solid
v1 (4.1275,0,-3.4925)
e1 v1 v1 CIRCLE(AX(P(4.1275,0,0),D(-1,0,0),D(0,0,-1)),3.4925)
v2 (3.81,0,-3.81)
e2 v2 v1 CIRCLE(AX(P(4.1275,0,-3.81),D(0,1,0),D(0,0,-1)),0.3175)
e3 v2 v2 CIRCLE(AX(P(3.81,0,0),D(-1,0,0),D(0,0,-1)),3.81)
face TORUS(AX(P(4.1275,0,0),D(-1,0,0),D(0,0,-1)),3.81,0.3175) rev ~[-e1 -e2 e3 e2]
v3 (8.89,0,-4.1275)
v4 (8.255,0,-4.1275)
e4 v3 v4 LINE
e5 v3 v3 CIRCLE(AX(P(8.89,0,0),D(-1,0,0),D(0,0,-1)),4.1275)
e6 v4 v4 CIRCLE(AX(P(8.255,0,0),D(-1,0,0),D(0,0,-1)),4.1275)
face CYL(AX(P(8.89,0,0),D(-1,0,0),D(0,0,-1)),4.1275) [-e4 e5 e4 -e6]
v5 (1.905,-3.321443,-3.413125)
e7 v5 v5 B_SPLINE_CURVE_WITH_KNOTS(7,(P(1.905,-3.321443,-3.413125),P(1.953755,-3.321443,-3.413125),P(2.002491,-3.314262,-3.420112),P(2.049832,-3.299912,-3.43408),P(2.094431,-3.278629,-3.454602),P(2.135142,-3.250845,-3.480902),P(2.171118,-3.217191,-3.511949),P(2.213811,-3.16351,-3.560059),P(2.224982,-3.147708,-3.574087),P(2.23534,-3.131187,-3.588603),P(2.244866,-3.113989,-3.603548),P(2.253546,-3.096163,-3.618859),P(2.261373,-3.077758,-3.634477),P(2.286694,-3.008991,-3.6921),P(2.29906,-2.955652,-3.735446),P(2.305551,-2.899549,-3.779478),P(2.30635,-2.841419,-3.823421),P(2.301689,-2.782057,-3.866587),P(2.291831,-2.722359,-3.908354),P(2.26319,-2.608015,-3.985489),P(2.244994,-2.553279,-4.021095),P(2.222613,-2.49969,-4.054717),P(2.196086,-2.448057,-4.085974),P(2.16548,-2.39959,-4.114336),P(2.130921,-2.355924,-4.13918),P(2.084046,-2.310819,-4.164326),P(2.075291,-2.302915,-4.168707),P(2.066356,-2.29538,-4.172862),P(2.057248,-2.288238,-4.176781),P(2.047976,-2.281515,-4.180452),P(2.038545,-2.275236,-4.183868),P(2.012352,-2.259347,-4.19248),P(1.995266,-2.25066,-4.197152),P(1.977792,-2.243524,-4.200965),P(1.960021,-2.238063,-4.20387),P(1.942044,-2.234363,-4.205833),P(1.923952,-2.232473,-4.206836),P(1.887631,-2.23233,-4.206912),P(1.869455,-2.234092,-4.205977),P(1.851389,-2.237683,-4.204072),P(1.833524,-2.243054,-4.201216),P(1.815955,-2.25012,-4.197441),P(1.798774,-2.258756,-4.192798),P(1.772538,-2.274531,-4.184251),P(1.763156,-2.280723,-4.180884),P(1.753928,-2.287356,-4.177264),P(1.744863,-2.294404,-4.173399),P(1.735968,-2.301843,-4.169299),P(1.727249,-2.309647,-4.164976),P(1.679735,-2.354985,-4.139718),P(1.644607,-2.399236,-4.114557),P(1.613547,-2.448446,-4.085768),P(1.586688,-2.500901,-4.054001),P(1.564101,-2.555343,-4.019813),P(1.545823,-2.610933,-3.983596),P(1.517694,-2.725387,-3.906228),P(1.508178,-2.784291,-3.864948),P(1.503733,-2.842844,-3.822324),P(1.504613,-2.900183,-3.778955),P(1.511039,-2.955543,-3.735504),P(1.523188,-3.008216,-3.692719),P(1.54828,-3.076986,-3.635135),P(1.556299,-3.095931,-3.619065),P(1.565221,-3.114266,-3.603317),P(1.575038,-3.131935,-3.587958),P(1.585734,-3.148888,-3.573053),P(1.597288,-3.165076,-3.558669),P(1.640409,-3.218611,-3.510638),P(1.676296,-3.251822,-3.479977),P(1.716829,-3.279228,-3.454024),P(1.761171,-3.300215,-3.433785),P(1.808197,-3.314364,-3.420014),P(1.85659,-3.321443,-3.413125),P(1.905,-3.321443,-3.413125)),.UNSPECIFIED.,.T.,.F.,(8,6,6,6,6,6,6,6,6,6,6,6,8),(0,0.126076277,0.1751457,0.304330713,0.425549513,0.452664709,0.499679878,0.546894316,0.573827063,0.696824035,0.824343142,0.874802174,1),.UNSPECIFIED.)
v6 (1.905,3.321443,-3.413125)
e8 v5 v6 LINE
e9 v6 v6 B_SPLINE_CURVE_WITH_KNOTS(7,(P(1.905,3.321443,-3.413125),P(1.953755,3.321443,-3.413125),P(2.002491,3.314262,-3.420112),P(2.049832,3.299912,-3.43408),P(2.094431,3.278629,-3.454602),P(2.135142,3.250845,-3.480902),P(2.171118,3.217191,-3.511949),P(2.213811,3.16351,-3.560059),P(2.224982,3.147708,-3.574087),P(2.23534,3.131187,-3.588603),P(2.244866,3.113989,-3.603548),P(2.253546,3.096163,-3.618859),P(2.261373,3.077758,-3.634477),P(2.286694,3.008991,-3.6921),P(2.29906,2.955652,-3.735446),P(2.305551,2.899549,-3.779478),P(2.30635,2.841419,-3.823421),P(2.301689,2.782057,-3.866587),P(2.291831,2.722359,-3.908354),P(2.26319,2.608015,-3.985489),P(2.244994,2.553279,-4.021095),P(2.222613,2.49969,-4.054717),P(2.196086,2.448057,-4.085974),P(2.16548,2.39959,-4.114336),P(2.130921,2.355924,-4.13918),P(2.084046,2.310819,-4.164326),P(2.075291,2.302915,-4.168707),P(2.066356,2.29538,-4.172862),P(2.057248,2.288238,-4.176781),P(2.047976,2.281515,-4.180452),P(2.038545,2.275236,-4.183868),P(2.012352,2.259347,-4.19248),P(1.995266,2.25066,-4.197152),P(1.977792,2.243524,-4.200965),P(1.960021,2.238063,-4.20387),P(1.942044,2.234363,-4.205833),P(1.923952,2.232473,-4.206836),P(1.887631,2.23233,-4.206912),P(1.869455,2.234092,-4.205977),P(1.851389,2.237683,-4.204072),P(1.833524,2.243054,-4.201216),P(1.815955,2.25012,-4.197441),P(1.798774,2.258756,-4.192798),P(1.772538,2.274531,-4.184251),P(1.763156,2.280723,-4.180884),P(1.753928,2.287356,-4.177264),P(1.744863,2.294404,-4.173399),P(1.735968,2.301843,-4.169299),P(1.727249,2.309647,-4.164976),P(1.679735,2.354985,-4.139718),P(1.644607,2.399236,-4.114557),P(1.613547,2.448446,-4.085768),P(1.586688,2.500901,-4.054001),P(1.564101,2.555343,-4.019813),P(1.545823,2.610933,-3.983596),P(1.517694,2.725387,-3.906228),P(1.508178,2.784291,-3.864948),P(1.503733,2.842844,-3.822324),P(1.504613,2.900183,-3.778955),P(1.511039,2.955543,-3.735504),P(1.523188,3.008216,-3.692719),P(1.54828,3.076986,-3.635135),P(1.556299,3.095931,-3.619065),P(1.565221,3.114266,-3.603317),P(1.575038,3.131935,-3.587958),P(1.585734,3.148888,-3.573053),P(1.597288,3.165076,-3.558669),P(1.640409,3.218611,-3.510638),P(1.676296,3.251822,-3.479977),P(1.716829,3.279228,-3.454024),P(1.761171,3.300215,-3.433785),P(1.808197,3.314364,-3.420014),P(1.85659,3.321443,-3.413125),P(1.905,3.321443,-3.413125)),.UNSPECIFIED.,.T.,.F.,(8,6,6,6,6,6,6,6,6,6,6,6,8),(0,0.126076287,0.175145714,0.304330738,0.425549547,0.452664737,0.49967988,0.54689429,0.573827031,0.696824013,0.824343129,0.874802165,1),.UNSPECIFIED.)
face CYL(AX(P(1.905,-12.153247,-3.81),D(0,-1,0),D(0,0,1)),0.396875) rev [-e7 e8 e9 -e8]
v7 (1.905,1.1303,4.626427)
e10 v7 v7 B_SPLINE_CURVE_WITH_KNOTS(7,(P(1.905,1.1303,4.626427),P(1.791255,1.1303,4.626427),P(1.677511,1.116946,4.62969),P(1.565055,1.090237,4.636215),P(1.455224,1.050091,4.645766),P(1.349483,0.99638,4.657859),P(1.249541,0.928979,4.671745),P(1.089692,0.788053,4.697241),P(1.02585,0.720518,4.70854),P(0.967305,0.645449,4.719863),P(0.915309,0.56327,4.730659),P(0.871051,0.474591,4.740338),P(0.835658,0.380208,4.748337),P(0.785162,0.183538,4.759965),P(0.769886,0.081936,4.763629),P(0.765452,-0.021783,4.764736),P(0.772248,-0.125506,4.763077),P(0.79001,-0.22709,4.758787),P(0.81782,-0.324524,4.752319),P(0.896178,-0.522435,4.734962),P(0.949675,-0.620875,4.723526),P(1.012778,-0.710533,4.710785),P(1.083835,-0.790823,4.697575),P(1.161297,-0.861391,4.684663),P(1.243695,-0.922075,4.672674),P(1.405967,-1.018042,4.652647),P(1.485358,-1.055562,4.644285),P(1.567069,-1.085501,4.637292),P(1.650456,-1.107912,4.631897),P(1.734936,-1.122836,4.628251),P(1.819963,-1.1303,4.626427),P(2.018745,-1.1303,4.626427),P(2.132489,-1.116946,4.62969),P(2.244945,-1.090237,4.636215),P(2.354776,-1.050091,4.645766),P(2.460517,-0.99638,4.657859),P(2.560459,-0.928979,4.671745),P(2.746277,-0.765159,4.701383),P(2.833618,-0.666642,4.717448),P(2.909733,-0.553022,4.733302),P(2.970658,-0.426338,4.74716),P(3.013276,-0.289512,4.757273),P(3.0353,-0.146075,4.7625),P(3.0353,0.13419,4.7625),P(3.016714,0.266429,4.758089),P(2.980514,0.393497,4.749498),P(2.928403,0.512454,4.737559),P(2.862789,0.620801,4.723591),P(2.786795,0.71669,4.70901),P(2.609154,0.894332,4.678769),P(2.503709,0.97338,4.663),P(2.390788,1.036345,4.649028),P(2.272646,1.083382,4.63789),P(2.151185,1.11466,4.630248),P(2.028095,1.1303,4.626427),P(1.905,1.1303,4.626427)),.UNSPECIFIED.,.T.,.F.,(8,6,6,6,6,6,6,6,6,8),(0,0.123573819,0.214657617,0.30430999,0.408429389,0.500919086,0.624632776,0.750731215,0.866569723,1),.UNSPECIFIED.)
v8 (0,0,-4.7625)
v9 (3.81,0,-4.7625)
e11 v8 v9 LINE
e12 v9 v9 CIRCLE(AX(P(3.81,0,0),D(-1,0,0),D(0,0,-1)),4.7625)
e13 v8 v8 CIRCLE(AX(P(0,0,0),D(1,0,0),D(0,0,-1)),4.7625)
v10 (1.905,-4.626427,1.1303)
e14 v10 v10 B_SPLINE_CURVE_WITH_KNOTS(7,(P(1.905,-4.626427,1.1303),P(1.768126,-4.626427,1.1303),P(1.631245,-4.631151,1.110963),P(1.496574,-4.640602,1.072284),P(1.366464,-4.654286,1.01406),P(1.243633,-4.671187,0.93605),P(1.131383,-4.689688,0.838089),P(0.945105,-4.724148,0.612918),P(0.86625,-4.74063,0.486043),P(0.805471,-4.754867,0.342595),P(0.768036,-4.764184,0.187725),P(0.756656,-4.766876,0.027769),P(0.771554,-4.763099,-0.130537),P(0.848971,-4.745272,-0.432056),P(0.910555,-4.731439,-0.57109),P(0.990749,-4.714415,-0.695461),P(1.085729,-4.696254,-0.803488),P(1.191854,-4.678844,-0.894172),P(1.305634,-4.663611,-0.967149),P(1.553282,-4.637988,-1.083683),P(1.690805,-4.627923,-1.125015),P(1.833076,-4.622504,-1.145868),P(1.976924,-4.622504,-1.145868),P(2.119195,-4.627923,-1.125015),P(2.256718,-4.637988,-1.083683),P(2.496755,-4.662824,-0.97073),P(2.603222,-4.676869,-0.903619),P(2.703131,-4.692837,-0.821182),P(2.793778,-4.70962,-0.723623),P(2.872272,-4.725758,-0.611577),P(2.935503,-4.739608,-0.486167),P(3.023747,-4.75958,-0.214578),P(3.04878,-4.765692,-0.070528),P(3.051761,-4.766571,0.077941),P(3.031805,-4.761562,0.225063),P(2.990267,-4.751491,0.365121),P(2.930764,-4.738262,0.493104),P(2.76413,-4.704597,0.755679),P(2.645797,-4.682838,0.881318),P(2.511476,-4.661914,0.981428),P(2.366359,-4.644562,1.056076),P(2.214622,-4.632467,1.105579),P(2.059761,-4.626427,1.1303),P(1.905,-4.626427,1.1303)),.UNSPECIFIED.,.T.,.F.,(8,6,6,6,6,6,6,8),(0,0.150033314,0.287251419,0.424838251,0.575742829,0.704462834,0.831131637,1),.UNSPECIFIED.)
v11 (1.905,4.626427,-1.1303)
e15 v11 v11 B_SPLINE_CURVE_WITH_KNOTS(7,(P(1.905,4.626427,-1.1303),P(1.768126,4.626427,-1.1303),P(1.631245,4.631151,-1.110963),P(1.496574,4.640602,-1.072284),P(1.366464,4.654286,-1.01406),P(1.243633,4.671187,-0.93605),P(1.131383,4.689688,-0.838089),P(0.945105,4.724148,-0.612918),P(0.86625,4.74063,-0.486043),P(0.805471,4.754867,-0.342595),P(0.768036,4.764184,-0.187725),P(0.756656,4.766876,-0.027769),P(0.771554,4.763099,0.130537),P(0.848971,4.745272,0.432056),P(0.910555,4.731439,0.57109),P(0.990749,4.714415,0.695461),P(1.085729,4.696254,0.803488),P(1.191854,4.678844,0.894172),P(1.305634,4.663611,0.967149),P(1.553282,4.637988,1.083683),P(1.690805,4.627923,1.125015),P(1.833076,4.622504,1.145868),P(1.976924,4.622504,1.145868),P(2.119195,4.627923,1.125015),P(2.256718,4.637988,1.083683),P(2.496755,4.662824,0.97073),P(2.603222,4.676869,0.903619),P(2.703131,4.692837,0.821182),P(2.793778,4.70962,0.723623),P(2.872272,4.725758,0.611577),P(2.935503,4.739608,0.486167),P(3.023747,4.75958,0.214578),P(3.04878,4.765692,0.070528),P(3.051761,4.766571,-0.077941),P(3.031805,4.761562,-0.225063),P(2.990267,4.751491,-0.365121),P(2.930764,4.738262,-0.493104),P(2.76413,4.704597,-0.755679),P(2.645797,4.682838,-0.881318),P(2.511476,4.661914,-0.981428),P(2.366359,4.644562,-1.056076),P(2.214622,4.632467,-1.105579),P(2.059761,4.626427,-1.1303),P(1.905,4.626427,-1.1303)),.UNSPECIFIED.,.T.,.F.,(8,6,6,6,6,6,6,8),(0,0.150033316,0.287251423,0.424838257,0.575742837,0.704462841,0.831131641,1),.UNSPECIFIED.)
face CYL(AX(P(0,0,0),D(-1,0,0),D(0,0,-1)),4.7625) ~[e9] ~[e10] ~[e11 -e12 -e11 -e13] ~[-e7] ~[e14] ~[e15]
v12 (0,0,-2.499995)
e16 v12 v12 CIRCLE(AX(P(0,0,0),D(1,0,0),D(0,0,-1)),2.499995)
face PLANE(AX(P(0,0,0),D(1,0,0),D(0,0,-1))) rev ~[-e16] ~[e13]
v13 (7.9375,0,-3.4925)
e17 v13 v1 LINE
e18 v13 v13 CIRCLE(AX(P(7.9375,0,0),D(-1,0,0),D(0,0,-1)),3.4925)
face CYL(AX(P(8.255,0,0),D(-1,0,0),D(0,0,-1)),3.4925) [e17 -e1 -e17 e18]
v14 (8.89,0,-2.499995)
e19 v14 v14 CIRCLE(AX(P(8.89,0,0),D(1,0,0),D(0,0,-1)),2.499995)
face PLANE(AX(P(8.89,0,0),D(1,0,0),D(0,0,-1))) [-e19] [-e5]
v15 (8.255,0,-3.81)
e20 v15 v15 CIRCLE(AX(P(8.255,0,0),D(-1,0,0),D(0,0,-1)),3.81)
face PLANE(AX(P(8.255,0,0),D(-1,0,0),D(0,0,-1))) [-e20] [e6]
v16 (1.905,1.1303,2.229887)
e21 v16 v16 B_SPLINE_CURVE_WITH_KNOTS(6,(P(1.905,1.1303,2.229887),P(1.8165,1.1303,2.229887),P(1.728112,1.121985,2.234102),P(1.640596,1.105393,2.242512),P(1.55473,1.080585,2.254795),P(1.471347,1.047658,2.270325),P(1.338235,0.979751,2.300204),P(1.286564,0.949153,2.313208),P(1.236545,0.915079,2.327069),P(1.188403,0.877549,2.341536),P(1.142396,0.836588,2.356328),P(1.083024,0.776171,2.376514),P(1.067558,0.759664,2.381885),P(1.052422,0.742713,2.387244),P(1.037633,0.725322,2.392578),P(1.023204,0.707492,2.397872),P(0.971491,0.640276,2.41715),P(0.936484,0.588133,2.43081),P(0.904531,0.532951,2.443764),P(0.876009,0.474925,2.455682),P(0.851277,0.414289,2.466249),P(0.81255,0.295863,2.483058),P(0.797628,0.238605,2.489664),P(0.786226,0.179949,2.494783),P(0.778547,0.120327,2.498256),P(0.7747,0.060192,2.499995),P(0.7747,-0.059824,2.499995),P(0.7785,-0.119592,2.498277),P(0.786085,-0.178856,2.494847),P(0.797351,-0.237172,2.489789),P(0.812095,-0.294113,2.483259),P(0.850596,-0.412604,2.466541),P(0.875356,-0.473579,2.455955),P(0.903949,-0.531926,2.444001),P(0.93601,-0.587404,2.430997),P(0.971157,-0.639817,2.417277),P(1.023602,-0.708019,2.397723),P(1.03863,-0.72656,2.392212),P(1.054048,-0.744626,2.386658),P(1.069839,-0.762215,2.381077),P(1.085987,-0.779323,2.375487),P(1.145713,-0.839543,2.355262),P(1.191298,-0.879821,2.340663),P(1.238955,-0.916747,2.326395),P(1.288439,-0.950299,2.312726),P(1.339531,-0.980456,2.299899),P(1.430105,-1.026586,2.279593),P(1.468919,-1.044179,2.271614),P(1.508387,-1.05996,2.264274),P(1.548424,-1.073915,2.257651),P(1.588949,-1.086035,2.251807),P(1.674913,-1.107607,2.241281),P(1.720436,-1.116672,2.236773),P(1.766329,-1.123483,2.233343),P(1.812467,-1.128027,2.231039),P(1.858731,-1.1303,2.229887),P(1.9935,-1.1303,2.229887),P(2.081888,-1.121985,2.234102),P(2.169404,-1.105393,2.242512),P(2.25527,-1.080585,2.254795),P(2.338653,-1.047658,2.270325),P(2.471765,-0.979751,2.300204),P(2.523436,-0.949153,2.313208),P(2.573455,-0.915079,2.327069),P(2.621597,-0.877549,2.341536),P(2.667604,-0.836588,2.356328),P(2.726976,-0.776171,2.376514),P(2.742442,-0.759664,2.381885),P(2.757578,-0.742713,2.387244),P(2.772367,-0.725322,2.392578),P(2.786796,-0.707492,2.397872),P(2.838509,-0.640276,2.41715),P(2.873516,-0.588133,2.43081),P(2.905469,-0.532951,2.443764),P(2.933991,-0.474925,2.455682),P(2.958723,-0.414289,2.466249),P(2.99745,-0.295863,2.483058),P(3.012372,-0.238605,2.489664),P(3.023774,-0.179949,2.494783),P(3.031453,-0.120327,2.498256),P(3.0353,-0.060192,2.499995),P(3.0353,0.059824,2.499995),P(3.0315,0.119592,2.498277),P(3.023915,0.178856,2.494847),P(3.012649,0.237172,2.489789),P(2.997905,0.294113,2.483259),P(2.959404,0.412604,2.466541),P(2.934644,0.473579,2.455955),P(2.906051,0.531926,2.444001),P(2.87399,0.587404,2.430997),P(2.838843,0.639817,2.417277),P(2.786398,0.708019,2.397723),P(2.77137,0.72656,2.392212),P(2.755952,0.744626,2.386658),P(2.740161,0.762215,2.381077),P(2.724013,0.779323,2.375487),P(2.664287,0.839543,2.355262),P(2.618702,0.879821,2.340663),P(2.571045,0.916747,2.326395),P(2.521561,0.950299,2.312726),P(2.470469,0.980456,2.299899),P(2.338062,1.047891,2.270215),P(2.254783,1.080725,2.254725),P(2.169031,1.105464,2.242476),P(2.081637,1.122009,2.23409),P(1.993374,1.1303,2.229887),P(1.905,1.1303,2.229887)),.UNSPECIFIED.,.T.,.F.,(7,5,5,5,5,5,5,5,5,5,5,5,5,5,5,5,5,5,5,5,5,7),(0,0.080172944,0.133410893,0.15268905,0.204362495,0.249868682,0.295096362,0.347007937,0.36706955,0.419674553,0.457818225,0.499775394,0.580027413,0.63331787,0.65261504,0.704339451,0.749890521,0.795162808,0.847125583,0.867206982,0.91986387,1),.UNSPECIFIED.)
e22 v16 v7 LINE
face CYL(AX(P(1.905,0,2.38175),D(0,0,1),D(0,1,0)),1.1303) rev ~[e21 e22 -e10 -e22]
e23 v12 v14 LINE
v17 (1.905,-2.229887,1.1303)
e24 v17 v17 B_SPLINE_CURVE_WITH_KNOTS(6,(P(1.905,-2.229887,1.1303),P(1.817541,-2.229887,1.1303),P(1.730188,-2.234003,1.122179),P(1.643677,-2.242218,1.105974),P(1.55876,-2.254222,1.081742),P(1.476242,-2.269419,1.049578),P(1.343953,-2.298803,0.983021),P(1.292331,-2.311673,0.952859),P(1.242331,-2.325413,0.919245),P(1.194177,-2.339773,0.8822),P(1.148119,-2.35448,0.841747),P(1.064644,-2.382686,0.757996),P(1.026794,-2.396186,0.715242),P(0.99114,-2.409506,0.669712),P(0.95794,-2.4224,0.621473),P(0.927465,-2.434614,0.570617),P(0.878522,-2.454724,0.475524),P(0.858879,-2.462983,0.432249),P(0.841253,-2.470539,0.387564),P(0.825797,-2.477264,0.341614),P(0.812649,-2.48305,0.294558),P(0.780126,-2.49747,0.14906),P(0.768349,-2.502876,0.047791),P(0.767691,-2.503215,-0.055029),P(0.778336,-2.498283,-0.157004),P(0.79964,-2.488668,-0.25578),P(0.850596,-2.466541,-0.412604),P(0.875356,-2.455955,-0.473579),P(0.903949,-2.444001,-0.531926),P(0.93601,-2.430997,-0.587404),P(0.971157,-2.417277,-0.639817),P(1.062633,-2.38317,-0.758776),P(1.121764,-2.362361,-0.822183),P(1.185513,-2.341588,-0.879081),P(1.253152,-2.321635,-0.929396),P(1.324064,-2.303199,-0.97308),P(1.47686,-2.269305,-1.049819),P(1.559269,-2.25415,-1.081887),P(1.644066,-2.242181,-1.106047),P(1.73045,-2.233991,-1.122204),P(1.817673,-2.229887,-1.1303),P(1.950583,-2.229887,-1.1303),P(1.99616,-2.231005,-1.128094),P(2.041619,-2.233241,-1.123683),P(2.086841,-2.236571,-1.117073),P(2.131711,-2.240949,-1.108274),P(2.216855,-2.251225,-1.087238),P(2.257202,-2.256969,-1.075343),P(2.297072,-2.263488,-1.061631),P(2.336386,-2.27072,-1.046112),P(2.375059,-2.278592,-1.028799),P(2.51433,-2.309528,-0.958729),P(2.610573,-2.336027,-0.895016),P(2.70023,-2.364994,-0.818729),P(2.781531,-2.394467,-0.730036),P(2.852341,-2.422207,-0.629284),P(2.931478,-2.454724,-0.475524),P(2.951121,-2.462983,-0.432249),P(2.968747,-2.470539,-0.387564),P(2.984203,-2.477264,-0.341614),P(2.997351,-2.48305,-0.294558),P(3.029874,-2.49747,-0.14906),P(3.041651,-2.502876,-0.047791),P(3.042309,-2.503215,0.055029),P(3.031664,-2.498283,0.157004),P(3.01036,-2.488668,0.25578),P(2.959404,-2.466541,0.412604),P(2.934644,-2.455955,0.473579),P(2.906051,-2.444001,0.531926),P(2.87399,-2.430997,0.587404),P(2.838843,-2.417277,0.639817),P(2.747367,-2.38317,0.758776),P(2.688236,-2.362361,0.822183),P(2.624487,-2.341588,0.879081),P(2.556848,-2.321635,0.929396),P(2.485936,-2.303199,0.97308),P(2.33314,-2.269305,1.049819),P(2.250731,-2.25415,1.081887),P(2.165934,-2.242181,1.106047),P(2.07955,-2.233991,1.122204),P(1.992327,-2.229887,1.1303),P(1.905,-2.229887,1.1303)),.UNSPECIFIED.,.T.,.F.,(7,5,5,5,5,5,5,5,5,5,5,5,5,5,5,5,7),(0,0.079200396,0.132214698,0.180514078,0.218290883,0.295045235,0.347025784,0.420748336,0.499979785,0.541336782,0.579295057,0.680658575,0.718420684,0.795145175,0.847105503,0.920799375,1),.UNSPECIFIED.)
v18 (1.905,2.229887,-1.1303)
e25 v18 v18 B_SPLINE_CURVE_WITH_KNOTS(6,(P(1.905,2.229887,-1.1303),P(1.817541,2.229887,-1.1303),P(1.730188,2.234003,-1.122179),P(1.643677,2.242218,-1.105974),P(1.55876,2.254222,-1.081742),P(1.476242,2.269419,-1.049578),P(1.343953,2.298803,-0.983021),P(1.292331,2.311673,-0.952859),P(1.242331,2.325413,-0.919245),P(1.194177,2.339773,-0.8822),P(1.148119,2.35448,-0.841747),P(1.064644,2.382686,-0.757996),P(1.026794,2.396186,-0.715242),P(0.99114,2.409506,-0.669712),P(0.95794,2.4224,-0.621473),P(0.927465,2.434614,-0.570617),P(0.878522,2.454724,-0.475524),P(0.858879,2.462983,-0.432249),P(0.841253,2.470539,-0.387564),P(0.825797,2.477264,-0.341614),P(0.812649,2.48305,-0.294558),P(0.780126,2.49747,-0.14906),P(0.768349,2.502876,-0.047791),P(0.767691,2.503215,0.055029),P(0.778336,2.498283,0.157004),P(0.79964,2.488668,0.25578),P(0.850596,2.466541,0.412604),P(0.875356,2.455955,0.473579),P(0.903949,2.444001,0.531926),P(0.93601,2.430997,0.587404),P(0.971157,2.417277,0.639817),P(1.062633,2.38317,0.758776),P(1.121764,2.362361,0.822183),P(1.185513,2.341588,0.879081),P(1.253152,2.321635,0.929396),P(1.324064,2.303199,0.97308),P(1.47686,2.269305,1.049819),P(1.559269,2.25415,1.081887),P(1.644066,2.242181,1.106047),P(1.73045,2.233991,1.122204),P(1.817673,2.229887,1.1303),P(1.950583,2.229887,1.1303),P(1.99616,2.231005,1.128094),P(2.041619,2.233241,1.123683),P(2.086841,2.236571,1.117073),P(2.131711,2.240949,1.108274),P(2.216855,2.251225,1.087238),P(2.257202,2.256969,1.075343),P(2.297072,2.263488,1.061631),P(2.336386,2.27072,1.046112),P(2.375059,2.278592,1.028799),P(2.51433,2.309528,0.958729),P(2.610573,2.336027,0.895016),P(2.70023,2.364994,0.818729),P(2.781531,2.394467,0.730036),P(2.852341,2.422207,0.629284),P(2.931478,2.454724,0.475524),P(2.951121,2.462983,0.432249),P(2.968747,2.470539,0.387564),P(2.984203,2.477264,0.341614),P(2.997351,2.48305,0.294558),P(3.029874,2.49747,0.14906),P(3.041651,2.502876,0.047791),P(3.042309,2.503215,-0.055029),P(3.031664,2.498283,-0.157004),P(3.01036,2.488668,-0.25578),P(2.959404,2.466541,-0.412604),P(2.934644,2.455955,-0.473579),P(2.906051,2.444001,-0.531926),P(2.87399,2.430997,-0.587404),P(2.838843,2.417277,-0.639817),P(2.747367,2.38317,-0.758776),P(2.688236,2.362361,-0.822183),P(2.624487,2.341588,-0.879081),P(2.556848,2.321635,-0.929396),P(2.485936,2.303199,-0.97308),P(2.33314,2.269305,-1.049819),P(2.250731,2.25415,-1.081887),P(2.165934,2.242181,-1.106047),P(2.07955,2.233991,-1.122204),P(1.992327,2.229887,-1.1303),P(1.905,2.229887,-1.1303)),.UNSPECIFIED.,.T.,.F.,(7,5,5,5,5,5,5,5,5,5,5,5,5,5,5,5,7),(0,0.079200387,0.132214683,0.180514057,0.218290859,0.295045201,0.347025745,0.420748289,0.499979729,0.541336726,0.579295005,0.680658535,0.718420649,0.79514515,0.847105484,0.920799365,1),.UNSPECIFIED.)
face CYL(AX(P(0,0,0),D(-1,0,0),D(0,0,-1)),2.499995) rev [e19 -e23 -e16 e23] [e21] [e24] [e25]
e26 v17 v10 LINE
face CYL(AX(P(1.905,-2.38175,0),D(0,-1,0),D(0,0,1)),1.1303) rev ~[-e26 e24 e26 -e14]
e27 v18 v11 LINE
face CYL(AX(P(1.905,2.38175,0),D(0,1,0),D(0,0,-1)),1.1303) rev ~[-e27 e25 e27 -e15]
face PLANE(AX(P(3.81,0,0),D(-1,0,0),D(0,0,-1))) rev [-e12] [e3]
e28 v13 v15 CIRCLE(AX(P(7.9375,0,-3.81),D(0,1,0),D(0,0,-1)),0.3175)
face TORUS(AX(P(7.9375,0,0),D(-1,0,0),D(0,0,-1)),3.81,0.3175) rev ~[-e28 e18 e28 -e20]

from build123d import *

# Parameters (mm, degrees)
SKETCH1_R            = 4.7625
SKETCH1_R_2          = 2.499995
BASE_DEPTH           = 8.89
CRIMPHOLE_DEPTH      = 12.153246725
CRIMPHOLE_DEPTH_BACK = 12.153246725
SKETCH7_R            = 0.396875
SKETCH3_W            = 1.1303
SKETCH3_H            = 4.7635
CUTTERRAD_R          = 0.3175
CIRPATTERN1_COUNT    = 4


with BuildPart() as part:
    # Sketch1 → Base (new body)
    with BuildSketch(Plane(origin=(0, 0, 0), x_dir=(0, 0, -1), z_dir=(1, 0, 0))):
        Circle(SKETCH1_R)
        Circle(SKETCH1_R_2, mode=Mode.SUBTRACT)
    extrude(amount=BASE_DEPTH)

    # Sketch2 → Spool (revolve, cut)
    with BuildSketch(Plane.XY, mode=Mode.PRIVATE) as spool_sk:
        Polygon((3.81, 4.7625), (8.89, 4.7625), (8.89, 4.1275), (8.255, 4.1275), (8.255, 3.4925), (3.81, 3.4925), align=None)
    revolve(spool_sk.sketch.rotate(Axis((8.89, 0, 0), (-1, 0, 0)), 90), axis=Axis((8.89, 0, 0), (-1, 0, 0)), mode=Mode.SUBTRACT)

    # Sketch7 → CrimpHole (cut, two sides: drawn at the far end of the back side and taken through both)
    with BuildSketch(Plane(origin=(0, 0, 0), x_dir=(1, 0, 0), z_dir=(0, 1, 0)).offset(-CRIMPHOLE_DEPTH_BACK)):
        with Locations(Location((1.905, 3.81, 0), (0, 0, 270))):
            Circle(SKETCH7_R)
    extrude(amount=CRIMPHOLE_DEPTH + CRIMPHOLE_DEPTH_BACK, mode=Mode.SUBTRACT)

    # Sketch3 → ShaftSetScrew (revolve, cut)
    with BuildSketch(Plane.YZ.offset(1.905)):
        with Locations((0.56515, 2.38175)):
            Rectangle(SKETCH3_W, SKETCH3_H)
    shaftsetscrew = revolve(axis=Axis((1.905, 0, -6.35), (0, 0, 1)), mode=Mode.SUBTRACT)

    # CutterRad
    cutterrad_edges = [part.edges().sort_by_distance(p)[0] for p in [
        (3.81, 0, 3.4925),
        (8.255, 0, 3.4925),
    ]]
    fillet(cutterrad_edges, radius=CUTTERRAD_R)

    # CirPattern1: ShaftSetScrew ×4 about axis, 1 skipped
    cirpattern1_axis = Axis((8.89, 0, 0), (-1, 0, 0))
    add([shaftsetscrew.rotate(cirpattern1_axis, i * 360 / CIRPATTERN1_COUNT) for i in range(1, CIRPATTERN1_COUNT) if i not in (2,)], mode=Mode.SUBTRACT)


solid = part.part
